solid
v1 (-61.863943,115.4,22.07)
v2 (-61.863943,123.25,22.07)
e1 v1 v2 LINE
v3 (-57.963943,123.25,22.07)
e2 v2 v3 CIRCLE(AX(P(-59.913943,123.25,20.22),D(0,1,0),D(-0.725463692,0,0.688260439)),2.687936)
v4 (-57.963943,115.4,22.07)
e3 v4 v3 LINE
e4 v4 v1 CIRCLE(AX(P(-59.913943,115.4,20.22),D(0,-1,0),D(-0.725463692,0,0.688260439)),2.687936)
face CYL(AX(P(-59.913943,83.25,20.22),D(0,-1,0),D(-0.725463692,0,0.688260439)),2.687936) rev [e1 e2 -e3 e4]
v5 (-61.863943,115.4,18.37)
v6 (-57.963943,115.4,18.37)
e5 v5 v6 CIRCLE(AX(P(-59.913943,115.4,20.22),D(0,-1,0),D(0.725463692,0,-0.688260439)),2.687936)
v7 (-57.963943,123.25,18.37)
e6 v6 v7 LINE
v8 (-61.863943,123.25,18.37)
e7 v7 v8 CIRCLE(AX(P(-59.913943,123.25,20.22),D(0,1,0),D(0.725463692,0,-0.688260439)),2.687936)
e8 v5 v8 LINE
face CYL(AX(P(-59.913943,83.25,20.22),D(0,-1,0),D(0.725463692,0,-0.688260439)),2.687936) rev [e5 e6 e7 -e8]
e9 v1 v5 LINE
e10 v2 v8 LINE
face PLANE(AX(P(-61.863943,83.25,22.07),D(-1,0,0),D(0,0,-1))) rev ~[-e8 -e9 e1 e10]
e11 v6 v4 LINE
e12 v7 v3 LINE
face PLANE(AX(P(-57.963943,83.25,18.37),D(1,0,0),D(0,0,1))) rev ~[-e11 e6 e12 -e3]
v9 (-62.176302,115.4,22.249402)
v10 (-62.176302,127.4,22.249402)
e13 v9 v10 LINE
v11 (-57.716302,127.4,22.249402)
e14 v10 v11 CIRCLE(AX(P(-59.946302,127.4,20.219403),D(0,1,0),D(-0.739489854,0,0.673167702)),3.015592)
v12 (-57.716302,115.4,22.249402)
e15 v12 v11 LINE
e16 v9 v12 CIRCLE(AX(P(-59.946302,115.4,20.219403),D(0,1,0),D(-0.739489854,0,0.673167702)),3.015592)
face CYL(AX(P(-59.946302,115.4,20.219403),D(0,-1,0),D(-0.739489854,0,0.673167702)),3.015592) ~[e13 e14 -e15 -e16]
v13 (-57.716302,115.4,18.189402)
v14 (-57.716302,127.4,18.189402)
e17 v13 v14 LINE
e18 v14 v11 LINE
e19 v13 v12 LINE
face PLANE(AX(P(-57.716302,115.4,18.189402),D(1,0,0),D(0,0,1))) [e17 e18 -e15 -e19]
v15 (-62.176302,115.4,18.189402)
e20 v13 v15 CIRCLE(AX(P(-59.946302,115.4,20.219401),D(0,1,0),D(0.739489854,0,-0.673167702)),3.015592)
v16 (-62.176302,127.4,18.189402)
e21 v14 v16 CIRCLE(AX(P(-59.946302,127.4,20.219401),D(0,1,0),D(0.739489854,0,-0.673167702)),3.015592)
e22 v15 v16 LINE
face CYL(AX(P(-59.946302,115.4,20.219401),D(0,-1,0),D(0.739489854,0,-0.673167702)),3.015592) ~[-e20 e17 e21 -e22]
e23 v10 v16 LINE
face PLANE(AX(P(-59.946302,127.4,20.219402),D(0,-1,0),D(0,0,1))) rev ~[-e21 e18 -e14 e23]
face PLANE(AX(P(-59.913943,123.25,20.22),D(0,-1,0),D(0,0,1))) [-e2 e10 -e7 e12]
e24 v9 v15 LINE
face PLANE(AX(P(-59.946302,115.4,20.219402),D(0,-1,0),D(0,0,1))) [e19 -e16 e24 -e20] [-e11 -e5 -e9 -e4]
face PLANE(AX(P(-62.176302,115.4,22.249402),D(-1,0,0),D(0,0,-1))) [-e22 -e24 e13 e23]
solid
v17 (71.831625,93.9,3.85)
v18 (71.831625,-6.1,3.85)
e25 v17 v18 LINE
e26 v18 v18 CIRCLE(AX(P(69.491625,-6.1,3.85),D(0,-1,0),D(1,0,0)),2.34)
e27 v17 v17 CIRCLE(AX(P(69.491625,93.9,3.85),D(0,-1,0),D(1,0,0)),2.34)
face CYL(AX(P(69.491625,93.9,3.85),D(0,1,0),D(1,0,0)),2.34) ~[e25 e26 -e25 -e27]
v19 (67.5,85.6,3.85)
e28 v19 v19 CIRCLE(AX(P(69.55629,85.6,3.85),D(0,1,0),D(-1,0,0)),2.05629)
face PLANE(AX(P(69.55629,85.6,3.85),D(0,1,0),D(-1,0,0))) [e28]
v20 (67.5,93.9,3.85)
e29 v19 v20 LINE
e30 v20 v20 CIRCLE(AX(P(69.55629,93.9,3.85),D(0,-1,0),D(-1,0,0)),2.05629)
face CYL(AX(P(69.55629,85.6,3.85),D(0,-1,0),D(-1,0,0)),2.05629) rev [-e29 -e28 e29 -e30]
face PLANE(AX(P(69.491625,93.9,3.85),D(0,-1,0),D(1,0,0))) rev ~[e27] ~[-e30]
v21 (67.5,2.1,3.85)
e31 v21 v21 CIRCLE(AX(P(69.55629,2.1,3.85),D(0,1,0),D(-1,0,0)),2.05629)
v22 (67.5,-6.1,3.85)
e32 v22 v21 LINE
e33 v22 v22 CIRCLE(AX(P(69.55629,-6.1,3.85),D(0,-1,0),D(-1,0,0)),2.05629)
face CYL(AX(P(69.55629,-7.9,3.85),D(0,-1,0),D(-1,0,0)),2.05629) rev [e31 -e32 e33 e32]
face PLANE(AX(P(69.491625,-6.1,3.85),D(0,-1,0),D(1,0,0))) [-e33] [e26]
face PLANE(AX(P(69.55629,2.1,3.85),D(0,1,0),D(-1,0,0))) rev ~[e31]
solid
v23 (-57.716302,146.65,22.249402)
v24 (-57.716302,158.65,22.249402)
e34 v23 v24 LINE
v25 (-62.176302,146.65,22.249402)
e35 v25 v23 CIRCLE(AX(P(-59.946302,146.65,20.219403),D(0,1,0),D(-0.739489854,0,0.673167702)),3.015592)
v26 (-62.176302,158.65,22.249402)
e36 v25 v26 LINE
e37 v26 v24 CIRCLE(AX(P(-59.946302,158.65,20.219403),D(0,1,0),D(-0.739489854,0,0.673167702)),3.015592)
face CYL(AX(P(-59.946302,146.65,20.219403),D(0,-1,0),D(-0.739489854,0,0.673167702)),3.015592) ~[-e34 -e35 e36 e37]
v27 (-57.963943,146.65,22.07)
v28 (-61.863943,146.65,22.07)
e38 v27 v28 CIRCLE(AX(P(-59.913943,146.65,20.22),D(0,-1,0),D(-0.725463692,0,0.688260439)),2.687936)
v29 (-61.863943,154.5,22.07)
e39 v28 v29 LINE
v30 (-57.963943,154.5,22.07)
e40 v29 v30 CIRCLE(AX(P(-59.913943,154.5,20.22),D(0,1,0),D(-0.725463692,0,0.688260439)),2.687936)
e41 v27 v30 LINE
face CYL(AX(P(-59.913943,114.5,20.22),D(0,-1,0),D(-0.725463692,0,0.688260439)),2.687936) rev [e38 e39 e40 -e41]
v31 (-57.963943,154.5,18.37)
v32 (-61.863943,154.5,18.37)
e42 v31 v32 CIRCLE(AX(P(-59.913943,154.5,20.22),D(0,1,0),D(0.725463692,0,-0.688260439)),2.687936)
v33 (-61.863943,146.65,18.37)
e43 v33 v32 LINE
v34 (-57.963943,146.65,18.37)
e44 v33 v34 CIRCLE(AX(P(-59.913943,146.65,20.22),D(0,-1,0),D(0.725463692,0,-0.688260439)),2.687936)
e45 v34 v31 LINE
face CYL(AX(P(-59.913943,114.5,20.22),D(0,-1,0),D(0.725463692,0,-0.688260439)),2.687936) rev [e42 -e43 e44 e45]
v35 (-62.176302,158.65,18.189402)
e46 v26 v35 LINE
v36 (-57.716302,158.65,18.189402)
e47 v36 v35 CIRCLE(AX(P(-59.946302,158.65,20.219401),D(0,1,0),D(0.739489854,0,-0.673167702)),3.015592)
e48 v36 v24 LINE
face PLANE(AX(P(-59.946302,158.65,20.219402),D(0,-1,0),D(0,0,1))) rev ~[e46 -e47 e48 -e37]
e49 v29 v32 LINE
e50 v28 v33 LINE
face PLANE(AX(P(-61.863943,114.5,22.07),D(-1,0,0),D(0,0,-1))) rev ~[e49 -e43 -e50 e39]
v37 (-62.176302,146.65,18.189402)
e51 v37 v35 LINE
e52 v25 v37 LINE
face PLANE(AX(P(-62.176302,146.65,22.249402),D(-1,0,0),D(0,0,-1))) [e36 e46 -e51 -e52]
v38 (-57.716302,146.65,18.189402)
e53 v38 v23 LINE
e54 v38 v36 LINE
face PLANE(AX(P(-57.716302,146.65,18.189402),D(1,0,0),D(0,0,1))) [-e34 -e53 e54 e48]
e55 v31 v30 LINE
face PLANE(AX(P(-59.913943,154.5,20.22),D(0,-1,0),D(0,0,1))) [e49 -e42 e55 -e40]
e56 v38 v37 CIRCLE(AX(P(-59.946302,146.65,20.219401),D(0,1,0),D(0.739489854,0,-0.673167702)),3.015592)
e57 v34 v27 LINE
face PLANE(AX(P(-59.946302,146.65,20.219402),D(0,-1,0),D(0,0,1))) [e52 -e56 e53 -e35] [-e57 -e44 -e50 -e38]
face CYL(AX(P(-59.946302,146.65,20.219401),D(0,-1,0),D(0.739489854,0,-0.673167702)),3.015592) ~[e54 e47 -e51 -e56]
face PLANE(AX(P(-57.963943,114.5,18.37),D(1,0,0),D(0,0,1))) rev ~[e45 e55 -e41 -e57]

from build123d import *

# Parameters (mm, degrees)
SKETCH165_R                = 2.05629
EXTRUDE184_DEPTH           = 10
SKETCH168_R                = 2.05629
EXTRUDE187_DEPTH           = 10
SKETCH167_R                = 2.34
EXTRUDE186_DEPTH           = 100
EXTRUDE186_PLACEMENT_ANGLE = 90
EXTRUDE191_DEPTH           = 40
EXTRUDE191_PLACEMENT_ANGLE = 90
EXTRUDE188_DEPTH           = 12
EXTRUDE188_PLACEMENT_ANGLE = 90
EXTRUDE197_DEPTH           = 40
EXTRUDE197_PLACEMENT_ANGLE = 90
EXTRUDE196_DEPTH           = 12
EXTRUDE196_PLACEMENT_ANGLE = 90


with BuildPart() as extrude184:
    # Sketch165 → Extrude184 (new body)
    with BuildSketch(Plane(origin=(97.5, 93.9, -16.15), x_dir=(-1, 0, 0), z_dir=(0, 1, 0))):
        with Locations((27.94371, 20)):
            Circle(SKETCH165_R)
    extrude(amount=EXTRUDE184_DEPTH)


with BuildPart() as extrude184_1:
    # Extrude184 placement: moved
    add(extrude184.part.moved(Location((0, -8.3, 0))))


with BuildPart() as extrude187:
    # Sketch168 (on Face2 of Extrude186) → Extrude187 (new body)
    with BuildSketch(Plane(origin=(97.5, 93.9, -16.15), x_dir=(-1, 0, 0), z_dir=(0, 1, 0))):
        with Locations((27.94371, 20)):
            Circle(SKETCH168_R)
    extrude(amount=EXTRUDE187_DEPTH)


with BuildPart() as extrude187_1:
    # Extrude187 placement: moved
    add(extrude187.part.moved(Location((0, -101.8, 0))))


with BuildPart() as tubo:
    # Sketch167 → Extrude186 (new body)
    with BuildSketch(Plane(origin=(-101, -107, 0), x_dir=(0, -1, 0), z_dir=(-1, 0, 0))):
        with Locations((-135.008375, 20)):
            Circle(SKETCH167_R)
    extrude(amount=EXTRUDE186_DEPTH)


with BuildPart() as tubo_1:
    # Extrude186 placement: moved
    add(tubo.part.moved(Location((97.5, 194.9, -16.15))).rotate(Axis((97.5, 194.9, -16.15), (0, 0, 1)), EXTRUDE186_PLACEMENT_ANGLE))

    # Cut108: cut Extrude187
    add(extrude187_1.part, mode=Mode.SUBTRACT)

    # Cut109: cut Extrude184
    add(extrude184_1.part, mode=Mode.SUBTRACT)


with BuildPart() as pieza_clave_motor013:
    # Sketch174 → Extrude191 (new body)
    with BuildSketch(Plane(origin=(0, -17.4, 11), x_dir=(-1, 0, 0), z_dir=(0, 1, 0))):
        with BuildLine():
            Line((-1.85, -8.976057), (1.85, -8.976057))
            ThreePointArc((1.85, -12.876057), (2.687936, -10.926057), (1.85, -8.976057))
            Line((1.85, -12.876057), (-1.85, -12.876057))
            ThreePointArc((-1.85, -8.976057), (-2.687936, -10.926057), (-1.85, -12.876057))
        make_face()
    extrude(amount=EXTRUDE191_DEPTH)


with BuildPart() as pieza_clave_motor013_1:
    # Extrude191 placement: moved
    add(pieza_clave_motor013.part.moved(Location((-59.84, 131.9, 20.22))).rotate(Axis((-59.84, 131.9, 20.22), (0, -1, 0)), EXTRUDE191_PLACEMENT_ANGLE))


with BuildPart() as cut:
    # Sketch169 → Extrude188 (new body)
    with BuildSketch(Plane(origin=(0, -17.4, 11), x_dir=(-1, 0, 0), z_dir=(0, 1, 0))):
        with BuildLine():
            Line((-2.03, -8.748735), (2.03, -8.748735))
            ThreePointArc((2.03, -13.208735), (3.015593, -10.978735), (2.03, -8.748735))
            Line((2.03, -13.208735), (-2.03, -13.208735))
            ThreePointArc((-2.03, -8.748735), (-3.015593, -10.978735), (-2.03, -13.208735))
        make_face()
    extrude(amount=EXTRUDE188_DEPTH)


with BuildPart() as cut_1:
    # Extrude188 placement: moved
    add(cut.part.moved(Location((-59.925037, 164.05, 20.219402))).rotate(Axis((-59.925037, 164.05, 20.219402), (0, -1, 0)), EXTRUDE188_PLACEMENT_ANGLE))

    # Cut: cut Pieza Clave motor013
    add(pieza_clave_motor013_1.part, mode=Mode.SUBTRACT)


with BuildPart() as cut_2:
    # Cut placement: moved
    add(cut_1.part.moved(Location((0, -31.25, 0))))


with BuildPart() as pieza_clave_motor019:
    # Sketch180 → Extrude197 (new body)
    with BuildSketch(Plane(origin=(0, -17.4, 11), x_dir=(-1, 0, 0), z_dir=(0, 1, 0))):
        with BuildLine():
            Line((-1.85, -8.976057), (1.85, -8.976057))
            ThreePointArc((1.85, -12.876057), (2.687936, -10.926057), (1.85, -8.976057))
            Line((1.85, -12.876057), (-1.85, -12.876057))
            ThreePointArc((-1.85, -8.976057), (-2.687936, -10.926057), (-1.85, -12.876057))
        make_face()
    extrude(amount=EXTRUDE197_DEPTH)


with BuildPart() as pieza_clave_motor019_1:
    # Extrude197 placement: moved
    add(pieza_clave_motor019.part.moved(Location((-59.84, 131.9, 20.22))).rotate(Axis((-59.84, 131.9, 20.22), (0, -1, 0)), EXTRUDE197_PLACEMENT_ANGLE))


with BuildPart() as cut111:
    # Sketch179 → Extrude196 (new body)
    with BuildSketch(Plane(origin=(0, -17.4, 11), x_dir=(-1, 0, 0), z_dir=(0, 1, 0))):
        with BuildLine():
            Line((-2.03, -8.748735), (2.03, -8.748735))
            ThreePointArc((2.03, -13.208735), (3.015593, -10.978735), (2.03, -8.748735))
            Line((2.03, -13.208735), (-2.03, -13.208735))
            ThreePointArc((-2.03, -8.748735), (-3.015593, -10.978735), (-2.03, -13.208735))
        make_face()
    extrude(amount=EXTRUDE196_DEPTH)


with BuildPart() as cut111_1:
    # Extrude196 placement: moved
    add(cut111.part.moved(Location((-59.925037, 164.05, 20.219402))).rotate(Axis((-59.925037, 164.05, 20.219402), (0, -1, 0)), EXTRUDE196_PLACEMENT_ANGLE))

    # Cut111: cut Pieza Clave motor019
    add(pieza_clave_motor019_1.part, mode=Mode.SUBTRACT)


solid = Compound([tubo_1.part, cut_2.part, cut111_1.part])
